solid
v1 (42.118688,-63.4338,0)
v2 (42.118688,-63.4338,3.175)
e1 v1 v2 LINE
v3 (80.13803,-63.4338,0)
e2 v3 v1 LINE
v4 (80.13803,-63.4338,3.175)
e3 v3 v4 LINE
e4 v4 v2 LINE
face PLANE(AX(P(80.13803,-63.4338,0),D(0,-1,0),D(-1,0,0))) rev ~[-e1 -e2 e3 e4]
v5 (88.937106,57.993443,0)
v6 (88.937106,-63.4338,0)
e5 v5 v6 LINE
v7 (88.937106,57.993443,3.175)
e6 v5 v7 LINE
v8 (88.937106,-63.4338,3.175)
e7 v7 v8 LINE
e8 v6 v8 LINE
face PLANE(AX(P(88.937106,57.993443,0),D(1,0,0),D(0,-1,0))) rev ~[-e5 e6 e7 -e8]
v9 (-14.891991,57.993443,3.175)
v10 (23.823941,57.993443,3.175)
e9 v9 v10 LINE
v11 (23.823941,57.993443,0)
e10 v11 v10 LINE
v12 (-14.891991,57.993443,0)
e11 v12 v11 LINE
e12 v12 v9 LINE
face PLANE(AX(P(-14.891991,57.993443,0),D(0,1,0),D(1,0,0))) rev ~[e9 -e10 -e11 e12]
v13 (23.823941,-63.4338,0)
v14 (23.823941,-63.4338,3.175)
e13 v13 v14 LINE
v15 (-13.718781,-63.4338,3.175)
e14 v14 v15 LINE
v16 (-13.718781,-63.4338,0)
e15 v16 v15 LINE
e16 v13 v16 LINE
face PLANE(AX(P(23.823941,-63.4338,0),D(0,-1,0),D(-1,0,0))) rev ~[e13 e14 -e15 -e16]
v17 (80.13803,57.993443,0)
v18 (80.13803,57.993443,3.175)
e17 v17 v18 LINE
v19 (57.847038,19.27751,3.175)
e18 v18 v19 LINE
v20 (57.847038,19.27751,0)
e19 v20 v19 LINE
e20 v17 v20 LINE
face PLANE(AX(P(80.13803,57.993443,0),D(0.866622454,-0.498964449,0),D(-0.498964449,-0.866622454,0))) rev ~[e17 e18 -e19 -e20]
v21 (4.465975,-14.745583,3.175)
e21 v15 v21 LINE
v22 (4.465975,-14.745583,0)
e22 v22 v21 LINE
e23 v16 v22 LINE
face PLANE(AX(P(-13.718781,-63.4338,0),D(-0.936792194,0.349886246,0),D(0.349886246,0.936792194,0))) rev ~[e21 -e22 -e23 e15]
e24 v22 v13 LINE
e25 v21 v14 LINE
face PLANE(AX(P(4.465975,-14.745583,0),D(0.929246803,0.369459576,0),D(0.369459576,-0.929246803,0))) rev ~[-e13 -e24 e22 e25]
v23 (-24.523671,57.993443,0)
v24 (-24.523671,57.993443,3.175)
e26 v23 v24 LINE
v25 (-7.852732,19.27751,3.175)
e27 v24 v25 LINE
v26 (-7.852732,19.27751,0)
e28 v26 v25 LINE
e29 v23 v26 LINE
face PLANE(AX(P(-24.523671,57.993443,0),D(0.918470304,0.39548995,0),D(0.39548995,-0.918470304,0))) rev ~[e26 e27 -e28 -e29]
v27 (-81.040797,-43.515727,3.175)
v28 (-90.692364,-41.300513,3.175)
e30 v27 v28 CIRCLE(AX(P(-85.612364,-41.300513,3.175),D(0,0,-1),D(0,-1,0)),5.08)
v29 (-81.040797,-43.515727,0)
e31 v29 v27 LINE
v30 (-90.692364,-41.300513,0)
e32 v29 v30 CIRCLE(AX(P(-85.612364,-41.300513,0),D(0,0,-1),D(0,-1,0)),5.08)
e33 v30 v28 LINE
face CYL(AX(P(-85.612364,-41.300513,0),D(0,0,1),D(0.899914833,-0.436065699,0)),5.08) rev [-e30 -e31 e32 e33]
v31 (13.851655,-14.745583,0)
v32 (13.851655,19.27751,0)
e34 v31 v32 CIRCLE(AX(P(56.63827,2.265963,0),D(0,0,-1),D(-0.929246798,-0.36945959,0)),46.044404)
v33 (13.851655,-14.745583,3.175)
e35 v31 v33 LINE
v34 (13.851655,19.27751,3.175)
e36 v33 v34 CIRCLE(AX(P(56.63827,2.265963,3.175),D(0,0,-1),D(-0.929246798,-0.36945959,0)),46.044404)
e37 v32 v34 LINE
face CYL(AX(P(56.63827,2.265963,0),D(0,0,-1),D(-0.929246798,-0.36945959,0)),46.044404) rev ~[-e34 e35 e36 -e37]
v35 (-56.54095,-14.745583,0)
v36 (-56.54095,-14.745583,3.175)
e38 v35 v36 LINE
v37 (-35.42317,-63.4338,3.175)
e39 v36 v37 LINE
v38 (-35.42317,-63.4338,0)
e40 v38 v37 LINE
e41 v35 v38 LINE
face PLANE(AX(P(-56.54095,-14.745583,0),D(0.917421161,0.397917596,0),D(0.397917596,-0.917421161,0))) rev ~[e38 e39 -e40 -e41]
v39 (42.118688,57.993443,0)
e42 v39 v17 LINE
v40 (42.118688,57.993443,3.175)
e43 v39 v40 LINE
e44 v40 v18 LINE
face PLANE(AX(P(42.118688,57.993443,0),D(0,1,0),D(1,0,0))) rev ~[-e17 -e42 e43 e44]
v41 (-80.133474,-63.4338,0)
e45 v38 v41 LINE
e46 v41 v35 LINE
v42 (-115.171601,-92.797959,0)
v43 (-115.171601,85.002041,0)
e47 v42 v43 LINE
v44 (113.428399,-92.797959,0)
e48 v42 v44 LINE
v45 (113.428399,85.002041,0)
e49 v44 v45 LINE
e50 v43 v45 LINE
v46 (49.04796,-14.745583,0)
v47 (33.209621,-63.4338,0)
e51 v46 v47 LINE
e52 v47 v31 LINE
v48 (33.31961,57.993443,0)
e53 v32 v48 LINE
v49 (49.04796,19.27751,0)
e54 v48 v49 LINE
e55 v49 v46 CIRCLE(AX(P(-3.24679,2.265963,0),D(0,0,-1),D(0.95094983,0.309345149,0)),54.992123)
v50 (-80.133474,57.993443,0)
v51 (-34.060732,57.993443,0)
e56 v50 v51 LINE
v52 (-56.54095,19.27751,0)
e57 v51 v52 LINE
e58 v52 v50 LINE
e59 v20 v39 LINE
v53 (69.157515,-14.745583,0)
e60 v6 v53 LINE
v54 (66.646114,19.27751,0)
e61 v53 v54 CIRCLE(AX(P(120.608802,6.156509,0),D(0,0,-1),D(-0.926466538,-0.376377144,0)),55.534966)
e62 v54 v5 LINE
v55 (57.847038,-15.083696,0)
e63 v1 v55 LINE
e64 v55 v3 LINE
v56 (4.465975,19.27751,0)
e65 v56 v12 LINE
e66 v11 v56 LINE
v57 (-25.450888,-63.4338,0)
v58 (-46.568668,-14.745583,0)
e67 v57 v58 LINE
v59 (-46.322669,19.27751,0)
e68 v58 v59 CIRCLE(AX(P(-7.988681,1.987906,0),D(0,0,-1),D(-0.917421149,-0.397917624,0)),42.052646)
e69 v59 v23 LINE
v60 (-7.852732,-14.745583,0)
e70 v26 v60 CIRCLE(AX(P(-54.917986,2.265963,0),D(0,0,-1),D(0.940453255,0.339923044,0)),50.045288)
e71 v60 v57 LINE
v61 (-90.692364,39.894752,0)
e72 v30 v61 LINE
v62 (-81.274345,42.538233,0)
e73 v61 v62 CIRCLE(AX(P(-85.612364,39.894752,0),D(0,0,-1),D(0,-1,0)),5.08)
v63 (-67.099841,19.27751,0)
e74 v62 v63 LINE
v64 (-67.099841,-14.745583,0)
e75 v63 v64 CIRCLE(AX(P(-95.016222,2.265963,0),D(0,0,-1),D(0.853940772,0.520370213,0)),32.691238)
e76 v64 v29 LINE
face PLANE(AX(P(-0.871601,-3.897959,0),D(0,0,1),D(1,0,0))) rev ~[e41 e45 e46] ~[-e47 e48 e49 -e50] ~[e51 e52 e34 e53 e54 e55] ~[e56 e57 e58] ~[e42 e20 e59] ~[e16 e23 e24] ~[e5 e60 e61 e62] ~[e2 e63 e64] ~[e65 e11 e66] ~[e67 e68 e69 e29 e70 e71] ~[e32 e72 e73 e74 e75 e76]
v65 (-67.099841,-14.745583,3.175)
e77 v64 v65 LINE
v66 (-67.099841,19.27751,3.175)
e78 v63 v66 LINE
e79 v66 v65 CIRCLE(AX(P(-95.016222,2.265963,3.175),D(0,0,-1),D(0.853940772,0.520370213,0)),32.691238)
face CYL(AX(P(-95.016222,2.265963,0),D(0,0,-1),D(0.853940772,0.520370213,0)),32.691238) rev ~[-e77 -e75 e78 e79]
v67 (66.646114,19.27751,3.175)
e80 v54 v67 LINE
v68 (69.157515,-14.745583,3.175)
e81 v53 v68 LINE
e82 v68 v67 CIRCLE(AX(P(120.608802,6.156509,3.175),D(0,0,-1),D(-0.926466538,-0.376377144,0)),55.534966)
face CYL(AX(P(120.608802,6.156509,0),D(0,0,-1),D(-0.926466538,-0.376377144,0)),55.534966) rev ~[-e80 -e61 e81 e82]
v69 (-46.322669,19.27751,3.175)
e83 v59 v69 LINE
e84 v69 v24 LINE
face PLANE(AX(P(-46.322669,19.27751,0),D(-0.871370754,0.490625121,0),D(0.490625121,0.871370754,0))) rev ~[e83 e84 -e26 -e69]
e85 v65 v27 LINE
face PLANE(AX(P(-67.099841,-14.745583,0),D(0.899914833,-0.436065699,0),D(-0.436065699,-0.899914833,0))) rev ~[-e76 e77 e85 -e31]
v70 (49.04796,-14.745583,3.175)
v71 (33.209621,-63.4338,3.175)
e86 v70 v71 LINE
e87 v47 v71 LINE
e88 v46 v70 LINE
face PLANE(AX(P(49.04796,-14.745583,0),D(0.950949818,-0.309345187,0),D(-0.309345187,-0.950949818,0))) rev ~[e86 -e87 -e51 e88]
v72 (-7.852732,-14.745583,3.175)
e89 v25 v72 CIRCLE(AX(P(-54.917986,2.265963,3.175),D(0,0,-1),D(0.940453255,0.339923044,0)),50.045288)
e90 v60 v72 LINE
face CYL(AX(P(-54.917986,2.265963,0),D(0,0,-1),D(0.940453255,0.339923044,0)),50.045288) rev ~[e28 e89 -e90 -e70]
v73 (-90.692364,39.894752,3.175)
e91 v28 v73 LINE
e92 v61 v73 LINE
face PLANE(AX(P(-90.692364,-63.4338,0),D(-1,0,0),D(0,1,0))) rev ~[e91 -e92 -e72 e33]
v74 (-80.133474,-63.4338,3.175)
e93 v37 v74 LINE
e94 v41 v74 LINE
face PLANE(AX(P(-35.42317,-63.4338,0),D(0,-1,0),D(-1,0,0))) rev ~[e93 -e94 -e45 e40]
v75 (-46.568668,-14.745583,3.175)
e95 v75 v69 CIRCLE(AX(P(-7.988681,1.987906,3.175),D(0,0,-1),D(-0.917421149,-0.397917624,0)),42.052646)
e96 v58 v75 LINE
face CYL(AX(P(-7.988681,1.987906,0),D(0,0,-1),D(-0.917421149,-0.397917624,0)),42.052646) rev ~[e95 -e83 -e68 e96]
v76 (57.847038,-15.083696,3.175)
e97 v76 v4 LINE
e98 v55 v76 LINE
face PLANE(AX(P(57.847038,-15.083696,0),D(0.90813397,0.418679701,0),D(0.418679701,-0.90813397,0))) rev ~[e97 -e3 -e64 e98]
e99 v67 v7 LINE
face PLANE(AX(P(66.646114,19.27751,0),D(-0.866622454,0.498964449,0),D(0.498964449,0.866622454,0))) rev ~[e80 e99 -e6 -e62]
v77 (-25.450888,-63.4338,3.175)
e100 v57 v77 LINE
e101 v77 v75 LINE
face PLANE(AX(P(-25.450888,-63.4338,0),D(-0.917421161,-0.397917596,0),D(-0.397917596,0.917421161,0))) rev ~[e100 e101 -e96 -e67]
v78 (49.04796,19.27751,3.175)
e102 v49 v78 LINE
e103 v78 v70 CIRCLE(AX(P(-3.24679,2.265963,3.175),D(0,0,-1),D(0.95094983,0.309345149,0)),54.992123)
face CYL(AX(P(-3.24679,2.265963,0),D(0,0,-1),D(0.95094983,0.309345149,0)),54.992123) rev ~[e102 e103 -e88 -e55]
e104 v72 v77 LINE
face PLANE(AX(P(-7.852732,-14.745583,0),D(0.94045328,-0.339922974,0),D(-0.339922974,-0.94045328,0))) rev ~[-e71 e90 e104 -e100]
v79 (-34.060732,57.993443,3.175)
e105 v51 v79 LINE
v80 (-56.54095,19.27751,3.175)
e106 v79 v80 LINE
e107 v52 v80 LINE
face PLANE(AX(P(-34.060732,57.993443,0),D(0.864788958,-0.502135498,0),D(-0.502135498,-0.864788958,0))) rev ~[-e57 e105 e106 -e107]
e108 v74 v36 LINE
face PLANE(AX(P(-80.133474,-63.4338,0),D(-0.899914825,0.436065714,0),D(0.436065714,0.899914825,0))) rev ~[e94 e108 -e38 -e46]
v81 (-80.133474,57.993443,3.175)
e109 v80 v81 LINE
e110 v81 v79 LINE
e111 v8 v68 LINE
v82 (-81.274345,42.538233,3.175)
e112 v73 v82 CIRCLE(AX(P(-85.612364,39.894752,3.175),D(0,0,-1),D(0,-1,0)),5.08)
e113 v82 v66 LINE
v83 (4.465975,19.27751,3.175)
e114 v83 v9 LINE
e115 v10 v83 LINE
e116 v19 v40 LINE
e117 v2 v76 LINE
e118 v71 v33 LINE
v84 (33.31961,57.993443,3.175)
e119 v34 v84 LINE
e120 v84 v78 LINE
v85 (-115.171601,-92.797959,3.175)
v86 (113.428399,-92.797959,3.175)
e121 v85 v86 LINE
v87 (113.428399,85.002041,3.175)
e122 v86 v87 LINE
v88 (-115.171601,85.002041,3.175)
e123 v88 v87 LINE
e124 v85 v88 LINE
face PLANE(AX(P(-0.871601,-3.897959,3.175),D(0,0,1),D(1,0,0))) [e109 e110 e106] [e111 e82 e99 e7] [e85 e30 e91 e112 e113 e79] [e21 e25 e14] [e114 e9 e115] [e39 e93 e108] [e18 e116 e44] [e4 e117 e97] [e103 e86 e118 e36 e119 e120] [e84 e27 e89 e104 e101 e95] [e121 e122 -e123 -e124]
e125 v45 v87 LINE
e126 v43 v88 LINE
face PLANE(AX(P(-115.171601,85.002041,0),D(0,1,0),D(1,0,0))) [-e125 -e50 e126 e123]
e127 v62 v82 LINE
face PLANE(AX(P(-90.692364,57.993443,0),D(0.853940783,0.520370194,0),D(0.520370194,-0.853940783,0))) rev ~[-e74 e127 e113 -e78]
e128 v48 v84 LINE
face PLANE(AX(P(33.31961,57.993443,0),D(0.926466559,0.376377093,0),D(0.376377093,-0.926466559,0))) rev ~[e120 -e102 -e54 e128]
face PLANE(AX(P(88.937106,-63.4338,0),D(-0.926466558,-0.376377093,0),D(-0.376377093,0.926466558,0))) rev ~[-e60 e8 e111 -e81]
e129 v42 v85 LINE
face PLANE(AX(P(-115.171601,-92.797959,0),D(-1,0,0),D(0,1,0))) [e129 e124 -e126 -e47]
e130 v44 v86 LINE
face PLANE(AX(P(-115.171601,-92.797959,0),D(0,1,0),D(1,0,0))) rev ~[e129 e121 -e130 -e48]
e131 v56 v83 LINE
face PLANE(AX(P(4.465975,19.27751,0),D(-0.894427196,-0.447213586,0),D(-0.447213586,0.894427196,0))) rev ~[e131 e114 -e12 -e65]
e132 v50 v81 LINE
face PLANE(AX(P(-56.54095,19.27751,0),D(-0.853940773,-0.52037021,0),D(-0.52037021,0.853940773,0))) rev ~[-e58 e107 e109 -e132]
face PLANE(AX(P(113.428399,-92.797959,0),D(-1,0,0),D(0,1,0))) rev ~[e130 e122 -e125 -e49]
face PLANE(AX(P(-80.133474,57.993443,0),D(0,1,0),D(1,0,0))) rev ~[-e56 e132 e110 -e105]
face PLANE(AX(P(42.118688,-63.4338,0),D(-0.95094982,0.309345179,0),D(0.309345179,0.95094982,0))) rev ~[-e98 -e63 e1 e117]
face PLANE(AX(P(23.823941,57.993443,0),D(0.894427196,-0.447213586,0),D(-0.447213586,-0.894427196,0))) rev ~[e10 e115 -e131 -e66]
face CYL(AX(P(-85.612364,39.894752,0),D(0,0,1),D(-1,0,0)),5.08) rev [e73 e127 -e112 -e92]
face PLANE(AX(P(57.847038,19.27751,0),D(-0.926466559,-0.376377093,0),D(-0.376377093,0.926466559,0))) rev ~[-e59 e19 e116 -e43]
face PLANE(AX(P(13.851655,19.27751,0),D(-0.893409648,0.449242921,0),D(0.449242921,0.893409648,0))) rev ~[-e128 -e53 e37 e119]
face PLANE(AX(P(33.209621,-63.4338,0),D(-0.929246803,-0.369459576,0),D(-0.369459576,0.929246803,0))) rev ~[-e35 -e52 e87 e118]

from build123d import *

# Parameters (mm, degrees)
F0_W     = 228.6
F0_H     = 177.8
F1_DEPTH = 3.175
F2_R     = 5.08


with BuildPart() as f1:
    # F0 (on Top) → F1 (new body)
    with BuildSketch(Plane.XY):
        with Locations((-0.871601, -3.897959)):
            Rectangle(F0_W, F0_H)
        Polygon((-35.42317, -63.4338), (-80.133474, -63.4338), (-56.54095, -14.745583), align=None, mode=Mode.SUBTRACT)
        Polygon((23.823941, -63.4338), (-13.718781, -63.4338), (4.465975, -14.745583), align=None, mode=Mode.SUBTRACT)
        Polygon((80.13803, -63.4338), (42.118688, -63.4338), (57.847038, -15.083696), align=None, mode=Mode.SUBTRACT)
        with BuildLine():
            Line((-90.692364, -63.4338), (-90.692364, 57.993443))
            Line((-90.692364, 57.993443), (-67.099841, 19.27751))
            ThreePointArc((-67.099841, 19.27751), (-62.324984, 2.265963), (-67.099841, -14.745583))
            Line((-67.099841, -14.745583), (-90.692364, -63.4338))
        make_face(mode=Mode.SUBTRACT)
        with BuildLine():
            ThreePointArc((-46.568668, -14.745583), (-50.040228, 2.291953), (-46.322669, 19.27751))
            Line((-46.322669, 19.27751), (-24.523671, 57.993443))
            Line((-24.523671, 57.993443), (-7.852732, 19.27751))
            ThreePointArc((-7.852732, 19.27751), (-4.872698, 2.265963), (-7.852732, -14.745583))
            Line((-7.852732, -14.745583), (-25.450888, -63.4338))
            Line((-25.450888, -63.4338), (-46.568668, -14.745583))
        make_face(mode=Mode.SUBTRACT)
        Polygon((-56.54095, 19.27751), (-80.133474, 57.993443), (-34.060732, 57.993443), align=None, mode=Mode.SUBTRACT)
        with BuildLine():
            Line((49.04796, -14.745583), (33.209621, -63.4338))
            Line((33.209621, -63.4338), (13.851655, -14.745583))
            ThreePointArc((13.851655, -14.745583), (10.593866, 2.265963), (13.851655, 19.27751))
            Line((13.851655, 19.27751), (33.31961, 57.993443))
            Line((33.31961, 57.993443), (49.04796, 19.27751))
            ThreePointArc((49.04796, 19.27751), (51.745333, 2.265963), (49.04796, -14.745583))
        make_face(mode=Mode.SUBTRACT)
        Polygon((4.465975, 19.27751), (-14.891991, 57.993443), (23.823941, 57.993443), align=None, mode=Mode.SUBTRACT)
        with BuildLine():
            Line((66.646114, 19.27751), (88.937106, 57.993443))
            Line((88.937106, 57.993443), (88.937106, -63.4338))
            Line((88.937106, -63.4338), (69.157515, -14.745583))
            ThreePointArc((69.157515, -14.745583), (65.224515, 2.06834), (66.646114, 19.27751))
        make_face(mode=Mode.SUBTRACT)
        Polygon((57.847038, 19.27751), (42.118688, 57.993443), (80.13803, 57.993443), align=None, mode=Mode.SUBTRACT)
    extrude(amount=F1_DEPTH)

    # F2
    f2_edges = [f1.edges().sort_by_distance(p)[0] for p in [
        (-90.692364, -63.4338, 1.5875),
        (-90.692364, 57.993443, 1.5875),
    ]]
    fillet(f2_edges, radius=F2_R)


solid = f1.part
